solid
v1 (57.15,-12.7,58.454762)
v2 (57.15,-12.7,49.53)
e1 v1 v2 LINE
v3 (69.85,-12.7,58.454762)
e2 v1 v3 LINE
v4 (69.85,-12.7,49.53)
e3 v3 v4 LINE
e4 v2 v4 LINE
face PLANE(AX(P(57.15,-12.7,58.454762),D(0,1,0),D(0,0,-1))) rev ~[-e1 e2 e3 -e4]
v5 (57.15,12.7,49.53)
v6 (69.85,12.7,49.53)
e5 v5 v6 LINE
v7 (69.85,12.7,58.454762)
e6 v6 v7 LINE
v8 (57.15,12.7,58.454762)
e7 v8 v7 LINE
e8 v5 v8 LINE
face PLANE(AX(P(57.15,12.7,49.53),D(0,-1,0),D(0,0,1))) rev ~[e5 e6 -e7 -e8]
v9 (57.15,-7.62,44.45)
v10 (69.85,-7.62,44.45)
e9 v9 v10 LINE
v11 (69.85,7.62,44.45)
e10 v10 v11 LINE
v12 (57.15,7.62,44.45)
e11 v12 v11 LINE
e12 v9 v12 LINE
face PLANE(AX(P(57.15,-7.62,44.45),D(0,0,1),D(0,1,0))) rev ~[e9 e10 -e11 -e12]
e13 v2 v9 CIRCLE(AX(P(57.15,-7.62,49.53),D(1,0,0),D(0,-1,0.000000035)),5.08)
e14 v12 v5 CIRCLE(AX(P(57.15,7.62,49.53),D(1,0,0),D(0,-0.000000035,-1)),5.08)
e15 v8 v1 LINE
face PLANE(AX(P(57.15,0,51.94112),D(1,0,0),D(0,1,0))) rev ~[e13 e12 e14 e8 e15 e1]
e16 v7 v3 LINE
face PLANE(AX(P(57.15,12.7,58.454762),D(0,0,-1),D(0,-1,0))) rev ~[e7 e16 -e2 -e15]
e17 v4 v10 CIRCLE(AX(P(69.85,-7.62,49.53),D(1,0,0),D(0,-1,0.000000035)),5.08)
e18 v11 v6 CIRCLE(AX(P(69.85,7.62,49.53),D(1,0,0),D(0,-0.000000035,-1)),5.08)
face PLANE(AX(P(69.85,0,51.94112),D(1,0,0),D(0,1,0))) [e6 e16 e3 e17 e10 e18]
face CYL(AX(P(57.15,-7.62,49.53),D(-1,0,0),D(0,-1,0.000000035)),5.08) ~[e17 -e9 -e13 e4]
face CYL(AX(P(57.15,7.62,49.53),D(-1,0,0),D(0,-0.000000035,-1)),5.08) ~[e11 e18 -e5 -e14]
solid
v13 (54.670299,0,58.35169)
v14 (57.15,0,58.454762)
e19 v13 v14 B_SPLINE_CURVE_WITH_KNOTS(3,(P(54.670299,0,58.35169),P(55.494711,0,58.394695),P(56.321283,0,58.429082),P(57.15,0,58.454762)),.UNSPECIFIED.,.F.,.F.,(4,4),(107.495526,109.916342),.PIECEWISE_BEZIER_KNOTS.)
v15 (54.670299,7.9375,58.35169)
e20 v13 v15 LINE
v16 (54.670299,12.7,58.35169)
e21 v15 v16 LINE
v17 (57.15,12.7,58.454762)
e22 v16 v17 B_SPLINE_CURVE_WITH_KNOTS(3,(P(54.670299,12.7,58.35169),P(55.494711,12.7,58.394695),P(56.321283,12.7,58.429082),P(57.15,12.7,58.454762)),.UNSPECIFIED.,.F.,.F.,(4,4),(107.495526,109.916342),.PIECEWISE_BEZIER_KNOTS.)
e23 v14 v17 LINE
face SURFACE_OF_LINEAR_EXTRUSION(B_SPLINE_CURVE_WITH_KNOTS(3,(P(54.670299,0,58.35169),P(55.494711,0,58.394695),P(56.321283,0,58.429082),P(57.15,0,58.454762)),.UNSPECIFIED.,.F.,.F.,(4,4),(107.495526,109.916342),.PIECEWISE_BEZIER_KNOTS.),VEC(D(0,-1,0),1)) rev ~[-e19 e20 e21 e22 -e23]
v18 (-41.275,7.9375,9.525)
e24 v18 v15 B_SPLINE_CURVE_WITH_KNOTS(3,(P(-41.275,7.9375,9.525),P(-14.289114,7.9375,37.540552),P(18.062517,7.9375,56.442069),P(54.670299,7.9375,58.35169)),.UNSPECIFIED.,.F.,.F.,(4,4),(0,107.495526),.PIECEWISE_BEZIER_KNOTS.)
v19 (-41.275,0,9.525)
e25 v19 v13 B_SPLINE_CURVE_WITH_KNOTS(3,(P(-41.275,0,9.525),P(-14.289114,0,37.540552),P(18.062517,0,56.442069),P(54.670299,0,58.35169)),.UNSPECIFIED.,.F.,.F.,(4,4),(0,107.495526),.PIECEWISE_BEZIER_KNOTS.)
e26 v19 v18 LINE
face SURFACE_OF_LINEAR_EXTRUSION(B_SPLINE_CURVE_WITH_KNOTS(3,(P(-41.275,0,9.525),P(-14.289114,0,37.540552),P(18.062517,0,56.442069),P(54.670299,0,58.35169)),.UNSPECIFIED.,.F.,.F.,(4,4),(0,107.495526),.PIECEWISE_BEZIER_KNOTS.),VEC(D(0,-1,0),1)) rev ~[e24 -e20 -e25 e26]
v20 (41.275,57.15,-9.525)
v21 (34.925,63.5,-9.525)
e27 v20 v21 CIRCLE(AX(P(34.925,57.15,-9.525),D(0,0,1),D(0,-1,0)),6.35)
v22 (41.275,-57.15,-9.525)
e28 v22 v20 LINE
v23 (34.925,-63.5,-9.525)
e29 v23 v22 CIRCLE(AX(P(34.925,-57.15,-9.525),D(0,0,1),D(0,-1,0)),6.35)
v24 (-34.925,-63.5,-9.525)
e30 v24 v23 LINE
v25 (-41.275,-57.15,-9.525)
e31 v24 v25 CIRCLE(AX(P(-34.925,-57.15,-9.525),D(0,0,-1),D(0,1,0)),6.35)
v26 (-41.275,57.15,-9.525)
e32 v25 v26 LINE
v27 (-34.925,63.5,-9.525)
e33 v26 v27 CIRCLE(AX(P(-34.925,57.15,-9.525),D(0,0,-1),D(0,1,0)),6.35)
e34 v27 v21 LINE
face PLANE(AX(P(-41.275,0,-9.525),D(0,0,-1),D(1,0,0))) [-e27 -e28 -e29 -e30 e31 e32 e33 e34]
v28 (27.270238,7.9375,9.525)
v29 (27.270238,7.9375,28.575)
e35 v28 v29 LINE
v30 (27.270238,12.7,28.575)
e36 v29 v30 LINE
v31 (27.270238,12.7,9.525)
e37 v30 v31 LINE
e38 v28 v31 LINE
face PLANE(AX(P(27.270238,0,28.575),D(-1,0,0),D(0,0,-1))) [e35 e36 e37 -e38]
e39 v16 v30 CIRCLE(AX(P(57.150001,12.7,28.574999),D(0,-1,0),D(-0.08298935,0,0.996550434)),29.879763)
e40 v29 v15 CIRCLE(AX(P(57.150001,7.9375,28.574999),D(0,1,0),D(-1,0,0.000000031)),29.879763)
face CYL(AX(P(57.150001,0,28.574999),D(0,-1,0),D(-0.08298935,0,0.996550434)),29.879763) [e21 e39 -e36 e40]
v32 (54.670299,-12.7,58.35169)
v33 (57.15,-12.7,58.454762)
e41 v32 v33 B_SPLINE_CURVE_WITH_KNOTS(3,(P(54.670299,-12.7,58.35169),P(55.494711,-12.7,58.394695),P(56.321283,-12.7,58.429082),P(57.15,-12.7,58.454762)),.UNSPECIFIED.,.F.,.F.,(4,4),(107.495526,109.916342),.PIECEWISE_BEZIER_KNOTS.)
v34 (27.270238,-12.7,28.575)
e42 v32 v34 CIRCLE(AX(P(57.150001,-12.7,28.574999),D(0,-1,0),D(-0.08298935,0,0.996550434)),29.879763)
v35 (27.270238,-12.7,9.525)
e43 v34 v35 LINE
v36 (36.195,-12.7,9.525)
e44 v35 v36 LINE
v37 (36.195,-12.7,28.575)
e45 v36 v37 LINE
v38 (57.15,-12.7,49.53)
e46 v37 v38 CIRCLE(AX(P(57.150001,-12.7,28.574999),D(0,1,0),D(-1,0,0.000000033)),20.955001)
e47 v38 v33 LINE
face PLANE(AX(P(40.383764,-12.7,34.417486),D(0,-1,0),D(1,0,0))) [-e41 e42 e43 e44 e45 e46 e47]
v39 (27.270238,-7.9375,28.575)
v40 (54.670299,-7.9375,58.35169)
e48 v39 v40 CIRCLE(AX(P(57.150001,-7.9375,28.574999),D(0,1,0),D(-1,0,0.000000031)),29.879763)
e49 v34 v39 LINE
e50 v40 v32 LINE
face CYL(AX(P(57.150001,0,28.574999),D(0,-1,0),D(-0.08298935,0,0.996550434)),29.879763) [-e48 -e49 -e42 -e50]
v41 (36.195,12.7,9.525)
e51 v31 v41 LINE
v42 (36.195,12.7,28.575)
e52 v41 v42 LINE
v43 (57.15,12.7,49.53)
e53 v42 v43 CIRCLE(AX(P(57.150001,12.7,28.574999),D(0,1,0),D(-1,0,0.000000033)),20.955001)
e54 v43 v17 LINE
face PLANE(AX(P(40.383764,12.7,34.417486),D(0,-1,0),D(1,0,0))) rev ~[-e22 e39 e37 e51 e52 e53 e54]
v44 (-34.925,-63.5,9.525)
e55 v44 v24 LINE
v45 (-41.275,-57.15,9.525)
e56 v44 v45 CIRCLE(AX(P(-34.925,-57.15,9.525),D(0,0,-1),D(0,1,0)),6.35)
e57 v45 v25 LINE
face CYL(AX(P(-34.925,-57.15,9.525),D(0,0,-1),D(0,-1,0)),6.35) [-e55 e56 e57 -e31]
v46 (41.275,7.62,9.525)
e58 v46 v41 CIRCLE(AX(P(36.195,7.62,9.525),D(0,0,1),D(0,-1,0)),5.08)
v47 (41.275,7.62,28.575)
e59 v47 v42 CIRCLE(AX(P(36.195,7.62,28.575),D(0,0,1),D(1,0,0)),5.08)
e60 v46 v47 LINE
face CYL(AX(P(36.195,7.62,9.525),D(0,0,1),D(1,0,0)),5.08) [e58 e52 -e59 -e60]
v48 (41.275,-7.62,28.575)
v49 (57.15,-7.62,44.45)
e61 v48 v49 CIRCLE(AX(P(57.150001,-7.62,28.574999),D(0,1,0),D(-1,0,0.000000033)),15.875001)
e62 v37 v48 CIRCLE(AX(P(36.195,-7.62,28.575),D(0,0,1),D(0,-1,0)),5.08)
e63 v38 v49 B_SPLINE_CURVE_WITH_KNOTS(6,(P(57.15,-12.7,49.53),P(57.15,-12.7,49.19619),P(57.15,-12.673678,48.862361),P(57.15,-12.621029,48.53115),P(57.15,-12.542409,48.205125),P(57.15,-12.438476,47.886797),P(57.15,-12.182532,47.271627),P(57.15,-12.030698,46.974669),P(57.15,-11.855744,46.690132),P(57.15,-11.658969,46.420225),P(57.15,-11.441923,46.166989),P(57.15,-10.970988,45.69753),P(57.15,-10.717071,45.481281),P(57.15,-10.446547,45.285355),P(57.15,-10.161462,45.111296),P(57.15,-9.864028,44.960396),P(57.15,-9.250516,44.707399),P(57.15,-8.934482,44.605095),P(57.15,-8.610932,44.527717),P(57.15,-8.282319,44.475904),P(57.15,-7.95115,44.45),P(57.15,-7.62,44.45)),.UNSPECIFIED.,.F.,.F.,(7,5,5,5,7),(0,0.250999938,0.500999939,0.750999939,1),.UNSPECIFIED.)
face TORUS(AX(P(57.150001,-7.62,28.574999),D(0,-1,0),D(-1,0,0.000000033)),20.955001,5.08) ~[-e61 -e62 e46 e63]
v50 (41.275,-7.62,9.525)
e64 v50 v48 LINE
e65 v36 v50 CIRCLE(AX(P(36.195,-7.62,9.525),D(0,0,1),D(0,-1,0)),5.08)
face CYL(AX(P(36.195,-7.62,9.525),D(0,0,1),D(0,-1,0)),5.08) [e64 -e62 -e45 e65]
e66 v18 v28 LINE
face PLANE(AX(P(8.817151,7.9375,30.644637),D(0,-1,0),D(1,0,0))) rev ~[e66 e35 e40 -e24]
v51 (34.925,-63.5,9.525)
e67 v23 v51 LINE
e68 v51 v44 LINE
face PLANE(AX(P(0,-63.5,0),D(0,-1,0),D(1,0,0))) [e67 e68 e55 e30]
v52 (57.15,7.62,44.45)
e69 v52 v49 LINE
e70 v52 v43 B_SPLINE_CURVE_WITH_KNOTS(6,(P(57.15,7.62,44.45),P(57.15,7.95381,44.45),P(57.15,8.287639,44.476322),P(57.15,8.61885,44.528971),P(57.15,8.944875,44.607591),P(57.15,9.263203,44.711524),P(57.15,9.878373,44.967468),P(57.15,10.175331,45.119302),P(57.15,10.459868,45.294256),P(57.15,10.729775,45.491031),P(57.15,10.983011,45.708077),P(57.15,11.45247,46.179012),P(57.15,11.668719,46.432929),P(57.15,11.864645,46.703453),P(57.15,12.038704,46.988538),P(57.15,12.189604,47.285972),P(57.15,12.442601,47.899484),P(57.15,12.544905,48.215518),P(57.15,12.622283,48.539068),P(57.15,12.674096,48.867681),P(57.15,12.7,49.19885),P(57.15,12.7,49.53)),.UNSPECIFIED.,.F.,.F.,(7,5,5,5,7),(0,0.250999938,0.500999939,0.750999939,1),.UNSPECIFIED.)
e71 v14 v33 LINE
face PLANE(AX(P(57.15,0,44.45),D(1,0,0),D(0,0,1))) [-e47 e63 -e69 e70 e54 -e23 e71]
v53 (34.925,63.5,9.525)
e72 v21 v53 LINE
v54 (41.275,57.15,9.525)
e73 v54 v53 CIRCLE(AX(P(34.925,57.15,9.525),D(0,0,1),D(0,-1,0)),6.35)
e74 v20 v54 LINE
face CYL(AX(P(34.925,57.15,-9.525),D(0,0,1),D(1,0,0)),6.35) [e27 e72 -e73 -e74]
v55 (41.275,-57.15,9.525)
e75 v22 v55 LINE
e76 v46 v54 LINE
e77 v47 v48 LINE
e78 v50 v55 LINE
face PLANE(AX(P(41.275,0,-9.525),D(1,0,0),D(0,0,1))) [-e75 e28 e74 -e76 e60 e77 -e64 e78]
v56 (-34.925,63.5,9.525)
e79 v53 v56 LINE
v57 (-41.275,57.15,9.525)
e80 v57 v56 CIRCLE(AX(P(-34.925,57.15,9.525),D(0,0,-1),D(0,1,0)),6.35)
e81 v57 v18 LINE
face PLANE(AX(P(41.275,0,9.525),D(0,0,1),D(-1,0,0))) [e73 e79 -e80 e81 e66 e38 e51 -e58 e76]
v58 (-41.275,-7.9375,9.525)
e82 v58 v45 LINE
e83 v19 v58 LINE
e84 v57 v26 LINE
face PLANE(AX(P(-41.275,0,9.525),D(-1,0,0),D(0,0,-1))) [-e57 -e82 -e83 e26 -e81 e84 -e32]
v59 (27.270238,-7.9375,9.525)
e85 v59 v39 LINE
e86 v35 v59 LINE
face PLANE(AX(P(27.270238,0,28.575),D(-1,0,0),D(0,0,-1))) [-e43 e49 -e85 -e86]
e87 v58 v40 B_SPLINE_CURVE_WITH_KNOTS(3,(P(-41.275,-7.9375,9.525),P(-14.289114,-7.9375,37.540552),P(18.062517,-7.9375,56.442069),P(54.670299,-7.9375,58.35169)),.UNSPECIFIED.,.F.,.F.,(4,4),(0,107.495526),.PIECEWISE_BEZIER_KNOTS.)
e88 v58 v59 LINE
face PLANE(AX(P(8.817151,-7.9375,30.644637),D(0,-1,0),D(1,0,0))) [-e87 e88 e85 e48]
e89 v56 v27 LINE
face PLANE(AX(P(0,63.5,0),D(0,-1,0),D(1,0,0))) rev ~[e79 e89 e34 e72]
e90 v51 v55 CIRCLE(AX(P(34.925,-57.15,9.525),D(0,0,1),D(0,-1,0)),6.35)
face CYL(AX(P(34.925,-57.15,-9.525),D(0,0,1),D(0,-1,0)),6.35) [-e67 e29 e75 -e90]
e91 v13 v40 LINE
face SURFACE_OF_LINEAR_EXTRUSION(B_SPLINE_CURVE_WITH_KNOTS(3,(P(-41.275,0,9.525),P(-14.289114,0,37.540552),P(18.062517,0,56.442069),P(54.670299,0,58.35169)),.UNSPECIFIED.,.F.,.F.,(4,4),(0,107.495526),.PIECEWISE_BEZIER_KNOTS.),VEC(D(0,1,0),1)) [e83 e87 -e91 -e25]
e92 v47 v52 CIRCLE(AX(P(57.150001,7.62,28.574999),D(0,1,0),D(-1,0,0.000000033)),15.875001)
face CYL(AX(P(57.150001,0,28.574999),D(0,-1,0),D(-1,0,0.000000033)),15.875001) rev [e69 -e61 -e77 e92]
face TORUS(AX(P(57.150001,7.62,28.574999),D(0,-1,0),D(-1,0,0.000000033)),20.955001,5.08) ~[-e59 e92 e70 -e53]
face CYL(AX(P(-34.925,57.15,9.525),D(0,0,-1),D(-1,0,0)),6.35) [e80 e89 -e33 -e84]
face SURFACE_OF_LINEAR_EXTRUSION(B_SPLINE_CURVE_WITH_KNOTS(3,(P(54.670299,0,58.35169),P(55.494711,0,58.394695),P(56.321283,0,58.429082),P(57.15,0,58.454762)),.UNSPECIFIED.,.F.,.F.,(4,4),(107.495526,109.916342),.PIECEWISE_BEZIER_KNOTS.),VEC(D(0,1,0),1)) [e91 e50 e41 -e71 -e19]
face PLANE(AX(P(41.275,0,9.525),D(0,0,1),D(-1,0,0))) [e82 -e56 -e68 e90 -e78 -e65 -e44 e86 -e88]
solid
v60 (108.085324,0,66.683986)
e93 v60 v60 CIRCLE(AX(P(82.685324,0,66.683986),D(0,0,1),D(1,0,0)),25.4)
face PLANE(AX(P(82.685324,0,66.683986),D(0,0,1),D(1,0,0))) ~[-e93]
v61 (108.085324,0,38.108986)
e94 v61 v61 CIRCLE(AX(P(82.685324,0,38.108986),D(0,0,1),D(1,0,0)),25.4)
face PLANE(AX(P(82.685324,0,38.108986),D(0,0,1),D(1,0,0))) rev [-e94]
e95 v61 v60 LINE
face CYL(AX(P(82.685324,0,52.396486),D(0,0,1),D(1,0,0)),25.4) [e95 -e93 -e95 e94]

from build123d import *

# Parameters (mm, degrees)
F1_DEPTH  = 63.5
F2_DEPTH  = 12.7
F3_DEPTH  = 7.9375
F5_R      = 6.35
F6_W      = 25.4
F6_H      = 28.575
F8_R      = 6.35
F9_R      = 6.35
F10_R     = 5.08
F11_DEPTH = 12.7


with BuildPart() as f1:
    # F0 (on Front) → F1 (new body, symmetric)
    with BuildSketch(Plane.XZ):
        Polygon((41.275, -9.525), (41.275, 9.525), (27.270238, 9.525), (-41.275, 9.525), (-41.275, -9.525), align=None)
    extrude(amount=F1_DEPTH, both=True)

    # F0 (on Front) → F2 (join, symmetric)
    with BuildSketch(Plane.XZ):
        with BuildLine():
            Line((27.270238, 9.525), (41.275, 9.525))
            Line((41.275, 9.525), (41.275, 28.575))
            ThreePointArc((41.275, 28.575), (45.92468, 39.80032), (57.15, 44.45))
            Line((57.15, 44.45), (57.15, 58.454762))
            add(Edge.make_bspline(
                [(54.670299, 58.35169), (55.494711, 58.394695), (56.321283, 58.429082), (57.15, 58.454762)],
                knots=[107.495526, 107.495526, 107.495526, 107.495526, 109.916342, 109.916342, 109.916342, 109.916342], degree=3))
            ThreePointArc((54.670299, 58.35169), (35.162583, 48.80749), (27.270238, 28.575))
            Line((27.270238, 28.575), (27.270238, 9.525))
        make_face()
    extrude(amount=F2_DEPTH, both=True)

    # F0 (on Front) → F3 (join, symmetric)
    with BuildSketch(Plane.XZ):
        with BuildLine():
            Line((-41.275, 9.525), (27.270238, 9.525))
            Line((27.270238, 9.525), (27.270238, 28.575))
            ThreePointArc((27.270238, 28.575), (35.162583, 48.80749), (54.670299, 58.35169))
            add(Edge.make_bspline(
                [(-41.275, 9.525), (-14.289114, 37.540552), (18.062517, 56.442069), (54.670299, 58.35169)],
                knots=[0, 0, 0, 0, 107.495526, 107.495526, 107.495526, 107.495526], degree=3))
        make_face()
    extrude(amount=F3_DEPTH, both=True)

    # F5
    f5_edges = [f1.edges().sort_by_distance(p)[0] for p in [
        (41.275, -63.5, 0),
    ]]
    fillet(f5_edges, radius=F5_R)

    # F8
    f8_edges = [f1.edges().sort_by_distance(p)[0] for p in [
        (-41.275, -63.5, 0),
    ]]
    fillet(f8_edges, radius=F8_R)

    # F9
    f9_edges = [f1.edges().sort_by_distance(p)[0] for p in [
        (41.275, 63.5, 0),
        (-41.275, 63.5, 0),
    ]]
    fillet(f9_edges, radius=F9_R)

    # F10
    f10_edges = [f1.edges().sort_by_distance(p)[0] for p in [
        (45.92468, -12.7, 39.80032),
        (41.275, 12.7, 19.05),
    ]]
    fillet(f10_edges, radius=F10_R)


with BuildPart() as f7:
    # F6 (on Front) → F7 (revolve)
    with BuildSketch(Plane.XZ):
        with Locations((95.385324, 52.396486)):
            Rectangle(F6_W, F6_H)
    revolve(axis=Axis((82.685324, 0, 52.396486), (0, 0, 1)))


with BuildPart() as f11:
    # F2_face (on face) → F11 (new body)
    with BuildSketch(Plane(origin=(57.15, 0, 51.640956), x_dir=(0, 1, 0), z_dir=(1, 0, 0))):
        with BuildLine():
            Line((-7.62, -7.190956), (7.62, -7.190956))
            ThreePointArc((7.62, -7.190956), (11.212102, -5.703059), (12.7, -2.110956))
            Line((12.7, -2.110956), (12.7, 6.813806))
            Line((12.7, 6.813806), (0, 6.813806))
            Line((0, 6.813806), (-12.7, 6.813806))
            Line((-12.7, 6.813806), (-12.7, -2.110956))
            ThreePointArc((-12.7, -2.110956), (-11.212102, -5.703059), (-7.62, -7.190956))
        make_face()
    extrude(amount=F11_DEPTH)


solid = Compound([f1.part, f7.part, f11.part])
